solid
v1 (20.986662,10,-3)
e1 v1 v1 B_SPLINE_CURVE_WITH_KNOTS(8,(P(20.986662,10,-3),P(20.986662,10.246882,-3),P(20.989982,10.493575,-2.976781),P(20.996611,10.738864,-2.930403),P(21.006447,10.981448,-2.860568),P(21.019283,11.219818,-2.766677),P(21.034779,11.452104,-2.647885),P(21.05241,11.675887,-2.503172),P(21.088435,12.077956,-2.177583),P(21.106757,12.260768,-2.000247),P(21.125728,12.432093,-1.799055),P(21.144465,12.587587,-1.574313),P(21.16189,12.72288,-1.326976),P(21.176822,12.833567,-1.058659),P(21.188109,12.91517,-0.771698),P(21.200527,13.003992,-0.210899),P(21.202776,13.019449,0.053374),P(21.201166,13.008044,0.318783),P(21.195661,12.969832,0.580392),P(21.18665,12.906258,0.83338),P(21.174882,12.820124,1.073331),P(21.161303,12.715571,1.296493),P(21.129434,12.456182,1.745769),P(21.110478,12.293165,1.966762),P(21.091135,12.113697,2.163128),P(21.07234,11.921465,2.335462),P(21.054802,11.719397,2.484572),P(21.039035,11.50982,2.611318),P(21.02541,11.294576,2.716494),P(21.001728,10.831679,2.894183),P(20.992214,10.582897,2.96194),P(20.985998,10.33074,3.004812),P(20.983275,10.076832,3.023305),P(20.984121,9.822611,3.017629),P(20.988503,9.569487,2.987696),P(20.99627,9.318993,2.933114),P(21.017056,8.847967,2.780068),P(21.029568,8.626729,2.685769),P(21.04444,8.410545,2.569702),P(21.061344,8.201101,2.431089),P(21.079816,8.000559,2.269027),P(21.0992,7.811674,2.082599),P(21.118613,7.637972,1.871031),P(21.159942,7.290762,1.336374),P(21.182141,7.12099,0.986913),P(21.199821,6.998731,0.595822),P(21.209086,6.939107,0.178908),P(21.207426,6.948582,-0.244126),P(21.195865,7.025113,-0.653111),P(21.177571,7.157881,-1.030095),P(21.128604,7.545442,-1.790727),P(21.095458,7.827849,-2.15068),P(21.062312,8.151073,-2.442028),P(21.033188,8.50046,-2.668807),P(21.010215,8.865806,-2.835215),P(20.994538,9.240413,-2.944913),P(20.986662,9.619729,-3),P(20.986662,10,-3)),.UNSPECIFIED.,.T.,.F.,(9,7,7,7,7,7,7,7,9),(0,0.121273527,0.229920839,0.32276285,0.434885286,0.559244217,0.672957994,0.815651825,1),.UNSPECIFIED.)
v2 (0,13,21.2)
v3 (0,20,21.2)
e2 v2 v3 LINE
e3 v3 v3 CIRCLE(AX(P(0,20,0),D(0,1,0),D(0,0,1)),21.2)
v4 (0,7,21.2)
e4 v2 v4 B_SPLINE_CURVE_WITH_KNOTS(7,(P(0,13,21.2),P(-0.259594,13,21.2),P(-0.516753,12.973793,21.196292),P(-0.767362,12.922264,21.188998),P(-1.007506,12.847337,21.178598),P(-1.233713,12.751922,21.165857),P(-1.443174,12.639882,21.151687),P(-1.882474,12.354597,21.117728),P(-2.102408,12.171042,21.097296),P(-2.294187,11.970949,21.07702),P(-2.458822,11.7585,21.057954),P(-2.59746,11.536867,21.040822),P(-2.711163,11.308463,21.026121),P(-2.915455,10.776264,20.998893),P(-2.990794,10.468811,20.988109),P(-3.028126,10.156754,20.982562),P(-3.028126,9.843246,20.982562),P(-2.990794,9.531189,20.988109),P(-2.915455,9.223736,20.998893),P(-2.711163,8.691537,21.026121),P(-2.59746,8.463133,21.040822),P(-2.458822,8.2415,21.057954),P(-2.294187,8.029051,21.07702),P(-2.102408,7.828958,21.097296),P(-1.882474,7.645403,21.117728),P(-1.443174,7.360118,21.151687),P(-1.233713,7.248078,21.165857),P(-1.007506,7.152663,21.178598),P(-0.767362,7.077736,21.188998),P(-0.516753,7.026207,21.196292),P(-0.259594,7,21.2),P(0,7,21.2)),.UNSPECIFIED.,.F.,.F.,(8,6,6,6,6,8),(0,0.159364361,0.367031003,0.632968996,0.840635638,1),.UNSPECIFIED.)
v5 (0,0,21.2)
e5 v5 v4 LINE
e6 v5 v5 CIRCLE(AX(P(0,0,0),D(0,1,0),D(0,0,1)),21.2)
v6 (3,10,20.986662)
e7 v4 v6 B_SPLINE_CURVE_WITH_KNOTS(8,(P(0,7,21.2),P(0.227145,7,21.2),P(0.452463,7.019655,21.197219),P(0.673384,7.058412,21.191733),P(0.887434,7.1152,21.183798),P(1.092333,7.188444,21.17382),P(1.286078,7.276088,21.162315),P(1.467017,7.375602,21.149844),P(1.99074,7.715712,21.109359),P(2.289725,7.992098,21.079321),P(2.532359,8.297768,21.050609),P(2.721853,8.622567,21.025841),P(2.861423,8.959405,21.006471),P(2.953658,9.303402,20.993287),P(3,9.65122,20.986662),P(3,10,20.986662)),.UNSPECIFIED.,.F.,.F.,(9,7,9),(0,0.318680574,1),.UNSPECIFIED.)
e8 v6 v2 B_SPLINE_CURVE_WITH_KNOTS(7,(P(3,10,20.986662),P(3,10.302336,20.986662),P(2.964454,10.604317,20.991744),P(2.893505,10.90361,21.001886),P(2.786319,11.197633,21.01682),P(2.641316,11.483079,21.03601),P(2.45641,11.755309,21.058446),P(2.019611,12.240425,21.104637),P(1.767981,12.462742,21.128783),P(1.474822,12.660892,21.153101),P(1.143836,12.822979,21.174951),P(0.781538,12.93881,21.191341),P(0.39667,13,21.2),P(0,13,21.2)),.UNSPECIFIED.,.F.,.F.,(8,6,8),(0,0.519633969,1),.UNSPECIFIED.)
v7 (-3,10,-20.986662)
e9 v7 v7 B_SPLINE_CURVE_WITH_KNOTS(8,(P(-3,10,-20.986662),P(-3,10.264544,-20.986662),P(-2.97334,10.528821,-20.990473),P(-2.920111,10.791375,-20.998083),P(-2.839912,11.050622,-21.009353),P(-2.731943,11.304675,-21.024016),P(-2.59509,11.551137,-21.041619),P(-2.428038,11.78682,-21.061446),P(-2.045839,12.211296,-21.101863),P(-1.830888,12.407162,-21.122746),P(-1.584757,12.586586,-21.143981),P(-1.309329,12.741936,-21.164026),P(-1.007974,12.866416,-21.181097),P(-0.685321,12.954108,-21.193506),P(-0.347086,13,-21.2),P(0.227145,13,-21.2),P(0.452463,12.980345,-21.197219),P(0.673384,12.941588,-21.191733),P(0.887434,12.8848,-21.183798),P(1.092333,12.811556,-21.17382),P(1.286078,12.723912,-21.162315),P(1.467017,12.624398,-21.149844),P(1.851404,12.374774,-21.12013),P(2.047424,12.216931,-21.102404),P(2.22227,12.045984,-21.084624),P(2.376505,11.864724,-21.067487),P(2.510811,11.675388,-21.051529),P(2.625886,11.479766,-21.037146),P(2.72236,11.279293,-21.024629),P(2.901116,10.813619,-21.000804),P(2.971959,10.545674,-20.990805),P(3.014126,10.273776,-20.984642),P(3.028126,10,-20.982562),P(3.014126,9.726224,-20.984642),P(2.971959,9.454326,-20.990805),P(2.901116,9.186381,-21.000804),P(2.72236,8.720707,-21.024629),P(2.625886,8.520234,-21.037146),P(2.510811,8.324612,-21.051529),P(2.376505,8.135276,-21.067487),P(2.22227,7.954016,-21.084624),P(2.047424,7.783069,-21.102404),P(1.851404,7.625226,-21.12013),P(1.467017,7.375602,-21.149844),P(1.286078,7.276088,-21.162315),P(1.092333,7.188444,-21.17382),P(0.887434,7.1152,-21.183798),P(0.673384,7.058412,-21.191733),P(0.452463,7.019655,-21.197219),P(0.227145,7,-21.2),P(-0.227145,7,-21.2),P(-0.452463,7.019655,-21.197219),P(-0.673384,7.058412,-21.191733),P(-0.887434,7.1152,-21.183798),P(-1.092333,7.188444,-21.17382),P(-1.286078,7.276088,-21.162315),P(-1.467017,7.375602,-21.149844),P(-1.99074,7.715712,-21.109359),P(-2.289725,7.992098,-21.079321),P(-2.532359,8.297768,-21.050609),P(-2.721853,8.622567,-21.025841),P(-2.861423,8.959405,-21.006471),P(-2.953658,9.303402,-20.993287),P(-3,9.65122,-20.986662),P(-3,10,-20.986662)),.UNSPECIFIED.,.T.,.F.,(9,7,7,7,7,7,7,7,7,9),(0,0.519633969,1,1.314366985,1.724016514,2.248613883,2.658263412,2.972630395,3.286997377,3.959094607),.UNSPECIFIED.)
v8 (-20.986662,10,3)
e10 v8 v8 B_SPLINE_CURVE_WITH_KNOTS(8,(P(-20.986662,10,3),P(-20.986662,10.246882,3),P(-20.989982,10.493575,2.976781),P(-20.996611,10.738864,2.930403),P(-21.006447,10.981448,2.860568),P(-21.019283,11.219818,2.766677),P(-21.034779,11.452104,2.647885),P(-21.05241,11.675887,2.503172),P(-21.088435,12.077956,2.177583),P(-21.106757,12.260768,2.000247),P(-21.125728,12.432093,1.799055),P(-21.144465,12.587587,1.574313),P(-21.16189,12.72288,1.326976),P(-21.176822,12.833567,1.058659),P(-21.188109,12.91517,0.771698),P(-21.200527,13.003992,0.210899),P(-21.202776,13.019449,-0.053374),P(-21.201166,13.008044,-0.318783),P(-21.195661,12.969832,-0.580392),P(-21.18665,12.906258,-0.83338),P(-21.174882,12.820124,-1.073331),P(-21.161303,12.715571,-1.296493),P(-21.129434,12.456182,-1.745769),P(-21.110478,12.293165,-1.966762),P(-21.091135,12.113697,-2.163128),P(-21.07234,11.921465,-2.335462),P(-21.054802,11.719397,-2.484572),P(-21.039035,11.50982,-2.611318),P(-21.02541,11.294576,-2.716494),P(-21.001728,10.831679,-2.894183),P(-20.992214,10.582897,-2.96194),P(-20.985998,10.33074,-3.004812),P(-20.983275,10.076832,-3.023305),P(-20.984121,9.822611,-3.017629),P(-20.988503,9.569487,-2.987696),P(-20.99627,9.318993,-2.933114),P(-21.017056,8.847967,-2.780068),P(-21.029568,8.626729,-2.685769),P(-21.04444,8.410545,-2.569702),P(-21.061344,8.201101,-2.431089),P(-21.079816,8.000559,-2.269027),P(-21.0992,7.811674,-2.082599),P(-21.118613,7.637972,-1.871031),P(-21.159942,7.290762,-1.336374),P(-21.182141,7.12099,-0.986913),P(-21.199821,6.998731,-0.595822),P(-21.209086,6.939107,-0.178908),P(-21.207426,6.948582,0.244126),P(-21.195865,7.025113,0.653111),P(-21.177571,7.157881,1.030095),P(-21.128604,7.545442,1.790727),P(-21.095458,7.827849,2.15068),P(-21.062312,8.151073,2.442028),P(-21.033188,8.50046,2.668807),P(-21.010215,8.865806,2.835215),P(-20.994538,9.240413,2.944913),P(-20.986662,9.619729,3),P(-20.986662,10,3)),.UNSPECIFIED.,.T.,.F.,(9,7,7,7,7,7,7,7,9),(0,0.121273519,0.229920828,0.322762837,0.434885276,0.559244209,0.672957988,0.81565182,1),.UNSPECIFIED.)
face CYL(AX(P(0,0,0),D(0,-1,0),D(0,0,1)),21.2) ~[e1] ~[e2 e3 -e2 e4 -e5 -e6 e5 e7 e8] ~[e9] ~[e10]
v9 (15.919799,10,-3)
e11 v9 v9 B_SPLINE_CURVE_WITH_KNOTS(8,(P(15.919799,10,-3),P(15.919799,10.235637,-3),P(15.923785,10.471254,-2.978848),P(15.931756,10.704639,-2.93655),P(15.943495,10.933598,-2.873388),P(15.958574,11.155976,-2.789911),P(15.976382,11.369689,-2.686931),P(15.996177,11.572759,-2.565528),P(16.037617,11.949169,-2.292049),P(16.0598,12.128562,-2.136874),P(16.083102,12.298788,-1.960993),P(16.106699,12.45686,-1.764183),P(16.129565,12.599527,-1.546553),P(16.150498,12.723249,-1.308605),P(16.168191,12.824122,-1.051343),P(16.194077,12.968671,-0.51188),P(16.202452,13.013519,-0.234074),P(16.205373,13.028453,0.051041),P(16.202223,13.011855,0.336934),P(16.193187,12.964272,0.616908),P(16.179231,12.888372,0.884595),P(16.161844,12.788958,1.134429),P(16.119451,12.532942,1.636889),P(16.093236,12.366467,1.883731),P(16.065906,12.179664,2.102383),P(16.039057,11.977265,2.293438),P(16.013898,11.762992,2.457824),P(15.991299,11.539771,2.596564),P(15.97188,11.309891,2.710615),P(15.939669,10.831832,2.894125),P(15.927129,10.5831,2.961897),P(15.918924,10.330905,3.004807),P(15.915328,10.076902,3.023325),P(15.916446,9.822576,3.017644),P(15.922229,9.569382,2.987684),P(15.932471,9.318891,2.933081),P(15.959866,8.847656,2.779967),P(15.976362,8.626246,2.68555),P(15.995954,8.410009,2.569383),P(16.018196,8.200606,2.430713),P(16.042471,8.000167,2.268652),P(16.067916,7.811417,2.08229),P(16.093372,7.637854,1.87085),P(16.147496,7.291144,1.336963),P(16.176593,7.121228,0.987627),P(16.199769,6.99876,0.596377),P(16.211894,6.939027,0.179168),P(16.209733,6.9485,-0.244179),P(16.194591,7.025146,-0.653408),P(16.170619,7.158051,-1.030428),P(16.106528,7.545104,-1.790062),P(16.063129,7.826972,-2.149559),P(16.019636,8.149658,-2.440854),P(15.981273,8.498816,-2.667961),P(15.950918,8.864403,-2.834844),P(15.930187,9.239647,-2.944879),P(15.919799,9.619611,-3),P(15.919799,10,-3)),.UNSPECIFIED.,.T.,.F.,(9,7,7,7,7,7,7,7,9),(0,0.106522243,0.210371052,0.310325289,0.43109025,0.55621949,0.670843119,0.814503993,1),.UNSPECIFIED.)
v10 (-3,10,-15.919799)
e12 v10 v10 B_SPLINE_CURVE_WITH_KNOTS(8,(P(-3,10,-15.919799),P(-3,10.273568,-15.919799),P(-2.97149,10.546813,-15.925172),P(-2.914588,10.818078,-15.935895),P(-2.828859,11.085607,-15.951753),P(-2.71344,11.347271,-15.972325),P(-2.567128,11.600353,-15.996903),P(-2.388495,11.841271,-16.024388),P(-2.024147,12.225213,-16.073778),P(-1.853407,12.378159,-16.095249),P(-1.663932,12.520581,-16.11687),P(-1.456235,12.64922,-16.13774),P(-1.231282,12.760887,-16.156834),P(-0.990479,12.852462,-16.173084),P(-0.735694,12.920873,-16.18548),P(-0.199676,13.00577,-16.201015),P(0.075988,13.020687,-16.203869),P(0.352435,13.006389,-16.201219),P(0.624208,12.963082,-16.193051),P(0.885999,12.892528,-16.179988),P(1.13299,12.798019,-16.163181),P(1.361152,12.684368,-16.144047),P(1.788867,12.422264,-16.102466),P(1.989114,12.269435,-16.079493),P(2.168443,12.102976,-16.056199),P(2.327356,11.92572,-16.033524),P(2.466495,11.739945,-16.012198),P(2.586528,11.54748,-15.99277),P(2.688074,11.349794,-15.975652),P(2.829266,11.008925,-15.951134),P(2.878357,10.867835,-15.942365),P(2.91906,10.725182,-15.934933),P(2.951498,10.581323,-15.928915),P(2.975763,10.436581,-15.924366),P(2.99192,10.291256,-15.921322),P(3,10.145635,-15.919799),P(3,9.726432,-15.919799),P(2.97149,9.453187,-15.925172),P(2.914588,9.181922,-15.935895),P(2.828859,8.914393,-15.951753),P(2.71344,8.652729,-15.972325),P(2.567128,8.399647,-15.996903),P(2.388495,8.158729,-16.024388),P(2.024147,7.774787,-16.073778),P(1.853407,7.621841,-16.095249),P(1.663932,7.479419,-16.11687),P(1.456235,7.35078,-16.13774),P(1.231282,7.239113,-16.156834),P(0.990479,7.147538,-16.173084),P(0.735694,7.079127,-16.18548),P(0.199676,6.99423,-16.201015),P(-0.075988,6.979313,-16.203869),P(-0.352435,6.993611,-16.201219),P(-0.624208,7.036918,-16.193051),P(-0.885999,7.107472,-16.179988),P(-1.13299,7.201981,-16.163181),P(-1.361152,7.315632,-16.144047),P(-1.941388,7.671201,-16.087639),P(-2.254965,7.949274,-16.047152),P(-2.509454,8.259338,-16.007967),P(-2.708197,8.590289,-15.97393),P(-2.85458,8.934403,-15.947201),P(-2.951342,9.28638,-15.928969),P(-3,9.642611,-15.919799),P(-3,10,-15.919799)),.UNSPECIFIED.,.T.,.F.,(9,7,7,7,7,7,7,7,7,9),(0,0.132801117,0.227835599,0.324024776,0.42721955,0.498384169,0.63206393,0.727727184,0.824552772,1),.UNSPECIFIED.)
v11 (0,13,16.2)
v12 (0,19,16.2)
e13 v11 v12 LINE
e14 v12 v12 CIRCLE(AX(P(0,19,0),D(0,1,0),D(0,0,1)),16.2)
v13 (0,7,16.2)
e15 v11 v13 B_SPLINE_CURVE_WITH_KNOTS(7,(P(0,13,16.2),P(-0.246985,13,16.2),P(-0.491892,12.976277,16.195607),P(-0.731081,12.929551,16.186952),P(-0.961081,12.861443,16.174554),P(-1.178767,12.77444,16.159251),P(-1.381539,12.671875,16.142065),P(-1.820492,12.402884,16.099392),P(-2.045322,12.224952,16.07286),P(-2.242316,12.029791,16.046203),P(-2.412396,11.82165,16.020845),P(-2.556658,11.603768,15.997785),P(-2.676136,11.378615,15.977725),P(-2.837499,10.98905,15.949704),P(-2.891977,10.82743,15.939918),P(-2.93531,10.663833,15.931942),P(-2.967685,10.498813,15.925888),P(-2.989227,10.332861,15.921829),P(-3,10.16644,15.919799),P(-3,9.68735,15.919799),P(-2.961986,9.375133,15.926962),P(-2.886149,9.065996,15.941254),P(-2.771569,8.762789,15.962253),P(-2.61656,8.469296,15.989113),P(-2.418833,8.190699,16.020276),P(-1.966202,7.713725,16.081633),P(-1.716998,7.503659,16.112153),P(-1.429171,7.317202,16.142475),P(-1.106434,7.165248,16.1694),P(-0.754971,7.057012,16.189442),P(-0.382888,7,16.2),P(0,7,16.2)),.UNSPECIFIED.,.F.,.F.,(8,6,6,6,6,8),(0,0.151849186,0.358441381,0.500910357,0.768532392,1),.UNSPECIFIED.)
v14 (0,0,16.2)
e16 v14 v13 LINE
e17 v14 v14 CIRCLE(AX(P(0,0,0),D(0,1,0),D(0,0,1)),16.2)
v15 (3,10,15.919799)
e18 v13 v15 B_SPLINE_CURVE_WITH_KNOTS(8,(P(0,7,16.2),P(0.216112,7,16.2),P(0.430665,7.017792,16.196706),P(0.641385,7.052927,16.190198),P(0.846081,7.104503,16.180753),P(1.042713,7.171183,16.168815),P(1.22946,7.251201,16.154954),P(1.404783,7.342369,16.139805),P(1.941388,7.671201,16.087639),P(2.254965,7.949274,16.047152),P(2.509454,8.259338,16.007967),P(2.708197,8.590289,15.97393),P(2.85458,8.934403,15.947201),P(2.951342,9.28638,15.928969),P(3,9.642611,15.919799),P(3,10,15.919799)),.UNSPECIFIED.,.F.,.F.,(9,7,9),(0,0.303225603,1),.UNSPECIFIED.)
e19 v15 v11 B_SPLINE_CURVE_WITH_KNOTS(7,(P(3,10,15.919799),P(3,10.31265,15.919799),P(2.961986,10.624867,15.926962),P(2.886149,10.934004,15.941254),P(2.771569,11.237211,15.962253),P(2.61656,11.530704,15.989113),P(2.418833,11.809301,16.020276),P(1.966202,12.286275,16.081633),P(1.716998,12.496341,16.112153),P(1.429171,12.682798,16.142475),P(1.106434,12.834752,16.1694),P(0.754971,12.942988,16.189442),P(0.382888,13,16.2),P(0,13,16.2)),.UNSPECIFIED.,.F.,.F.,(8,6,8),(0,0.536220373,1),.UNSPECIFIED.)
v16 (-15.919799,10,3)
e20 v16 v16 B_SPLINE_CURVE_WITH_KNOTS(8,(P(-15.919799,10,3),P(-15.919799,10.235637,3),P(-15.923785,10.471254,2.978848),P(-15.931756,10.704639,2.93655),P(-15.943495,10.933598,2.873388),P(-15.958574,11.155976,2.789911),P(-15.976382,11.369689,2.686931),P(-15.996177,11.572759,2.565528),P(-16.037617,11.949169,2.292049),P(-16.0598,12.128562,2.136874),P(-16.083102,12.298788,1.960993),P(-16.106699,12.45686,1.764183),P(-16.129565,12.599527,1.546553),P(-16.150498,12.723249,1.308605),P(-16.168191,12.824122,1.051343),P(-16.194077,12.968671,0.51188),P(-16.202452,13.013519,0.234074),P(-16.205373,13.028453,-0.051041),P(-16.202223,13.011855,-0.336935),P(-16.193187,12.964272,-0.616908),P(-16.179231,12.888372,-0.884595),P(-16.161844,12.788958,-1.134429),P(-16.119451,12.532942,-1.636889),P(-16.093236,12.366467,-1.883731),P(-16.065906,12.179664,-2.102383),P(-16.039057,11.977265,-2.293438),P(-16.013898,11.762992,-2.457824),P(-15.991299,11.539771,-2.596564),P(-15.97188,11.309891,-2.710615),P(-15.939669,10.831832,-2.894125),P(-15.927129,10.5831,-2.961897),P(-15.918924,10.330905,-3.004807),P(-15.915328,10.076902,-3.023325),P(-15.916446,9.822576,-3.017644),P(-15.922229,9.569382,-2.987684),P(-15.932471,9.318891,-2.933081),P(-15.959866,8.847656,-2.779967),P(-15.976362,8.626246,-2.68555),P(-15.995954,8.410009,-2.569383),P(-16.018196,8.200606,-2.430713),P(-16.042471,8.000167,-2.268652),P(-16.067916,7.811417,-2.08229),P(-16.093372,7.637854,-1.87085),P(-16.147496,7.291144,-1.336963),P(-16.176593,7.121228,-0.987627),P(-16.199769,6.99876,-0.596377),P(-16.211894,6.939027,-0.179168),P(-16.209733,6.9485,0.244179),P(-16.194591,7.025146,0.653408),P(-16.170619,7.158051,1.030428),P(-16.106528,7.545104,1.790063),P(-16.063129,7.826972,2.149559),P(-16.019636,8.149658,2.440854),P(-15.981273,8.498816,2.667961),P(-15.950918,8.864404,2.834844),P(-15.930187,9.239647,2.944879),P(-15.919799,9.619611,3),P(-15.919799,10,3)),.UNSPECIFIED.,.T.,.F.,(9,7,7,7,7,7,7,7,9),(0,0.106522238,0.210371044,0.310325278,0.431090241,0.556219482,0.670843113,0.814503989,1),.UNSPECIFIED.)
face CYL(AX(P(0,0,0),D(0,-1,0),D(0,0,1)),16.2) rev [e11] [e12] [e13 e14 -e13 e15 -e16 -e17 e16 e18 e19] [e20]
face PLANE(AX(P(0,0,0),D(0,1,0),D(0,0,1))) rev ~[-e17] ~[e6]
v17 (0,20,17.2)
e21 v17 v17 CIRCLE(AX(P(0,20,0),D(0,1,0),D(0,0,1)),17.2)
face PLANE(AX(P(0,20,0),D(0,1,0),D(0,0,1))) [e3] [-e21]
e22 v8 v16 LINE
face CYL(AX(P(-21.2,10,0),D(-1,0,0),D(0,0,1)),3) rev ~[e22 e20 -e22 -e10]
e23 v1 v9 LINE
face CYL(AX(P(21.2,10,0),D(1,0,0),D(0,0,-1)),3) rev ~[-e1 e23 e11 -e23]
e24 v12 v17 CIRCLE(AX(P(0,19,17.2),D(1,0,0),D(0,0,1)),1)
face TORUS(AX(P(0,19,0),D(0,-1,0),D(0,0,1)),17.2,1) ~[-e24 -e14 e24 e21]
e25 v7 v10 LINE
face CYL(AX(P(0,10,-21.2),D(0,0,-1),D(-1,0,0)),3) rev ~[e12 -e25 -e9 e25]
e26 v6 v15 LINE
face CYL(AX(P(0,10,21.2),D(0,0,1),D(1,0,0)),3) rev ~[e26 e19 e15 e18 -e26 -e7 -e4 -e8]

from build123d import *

# Parameters (mm, degrees)
SKETCH1_R           = 21.2
SKETCH1_R_2         = 16.2
BOSS_EXTRUDE1_DEPTH = 20
FILLET1_R           = 1
SKETCH2_R           = 3
CUT_EXTRUDE1_DEPTH  = 10
CIRPATTERN1_COUNT   = 4


with BuildPart() as part:
    # Sketch1 → Boss-Extrude1 (new body)
    with BuildSketch(Plane(origin=(0, 0, 0), x_dir=(1, 0, 0), z_dir=(0, 1, 0))):
        with Locations(Location((0, 0, 0), (0, 0, 270))):
            Circle(SKETCH1_R)
        with Locations(Location((0, 0, 0), (0, 0, 270))):
            Circle(SKETCH1_R_2, mode=Mode.SUBTRACT)
    extrude(amount=BOSS_EXTRUDE1_DEPTH)

    # Fillet1
    fillet1_edges = [part.edges().sort_by_distance(p)[0] for p in [
        (0, 20, -16.2),
    ]]
    fillet(fillet1_edges, radius=FILLET1_R)

    # Sketch2 → Cut-Extrude1 (cut)
    with BuildSketch(Plane(origin=(21.2, 0, 0), x_dir=(0, 0, -1), z_dir=(1, 0, 0))):
        with Locations((0, 10)):
            Circle(SKETCH2_R)
    cut_extrude1 = extrude(amount=-CUT_EXTRUDE1_DEPTH, mode=Mode.SUBTRACT)

    # CirPattern1: Cut-Extrude1 ×4 about axis
    cirpattern1_axis = Axis((0, 19, 0), (0, -1, 0))
    for i in range(1, CIRPATTERN1_COUNT):
        add(cut_extrude1.rotate(cirpattern1_axis, i * 360 / CIRPATTERN1_COUNT), mode=Mode.SUBTRACT)


solid = part.part
